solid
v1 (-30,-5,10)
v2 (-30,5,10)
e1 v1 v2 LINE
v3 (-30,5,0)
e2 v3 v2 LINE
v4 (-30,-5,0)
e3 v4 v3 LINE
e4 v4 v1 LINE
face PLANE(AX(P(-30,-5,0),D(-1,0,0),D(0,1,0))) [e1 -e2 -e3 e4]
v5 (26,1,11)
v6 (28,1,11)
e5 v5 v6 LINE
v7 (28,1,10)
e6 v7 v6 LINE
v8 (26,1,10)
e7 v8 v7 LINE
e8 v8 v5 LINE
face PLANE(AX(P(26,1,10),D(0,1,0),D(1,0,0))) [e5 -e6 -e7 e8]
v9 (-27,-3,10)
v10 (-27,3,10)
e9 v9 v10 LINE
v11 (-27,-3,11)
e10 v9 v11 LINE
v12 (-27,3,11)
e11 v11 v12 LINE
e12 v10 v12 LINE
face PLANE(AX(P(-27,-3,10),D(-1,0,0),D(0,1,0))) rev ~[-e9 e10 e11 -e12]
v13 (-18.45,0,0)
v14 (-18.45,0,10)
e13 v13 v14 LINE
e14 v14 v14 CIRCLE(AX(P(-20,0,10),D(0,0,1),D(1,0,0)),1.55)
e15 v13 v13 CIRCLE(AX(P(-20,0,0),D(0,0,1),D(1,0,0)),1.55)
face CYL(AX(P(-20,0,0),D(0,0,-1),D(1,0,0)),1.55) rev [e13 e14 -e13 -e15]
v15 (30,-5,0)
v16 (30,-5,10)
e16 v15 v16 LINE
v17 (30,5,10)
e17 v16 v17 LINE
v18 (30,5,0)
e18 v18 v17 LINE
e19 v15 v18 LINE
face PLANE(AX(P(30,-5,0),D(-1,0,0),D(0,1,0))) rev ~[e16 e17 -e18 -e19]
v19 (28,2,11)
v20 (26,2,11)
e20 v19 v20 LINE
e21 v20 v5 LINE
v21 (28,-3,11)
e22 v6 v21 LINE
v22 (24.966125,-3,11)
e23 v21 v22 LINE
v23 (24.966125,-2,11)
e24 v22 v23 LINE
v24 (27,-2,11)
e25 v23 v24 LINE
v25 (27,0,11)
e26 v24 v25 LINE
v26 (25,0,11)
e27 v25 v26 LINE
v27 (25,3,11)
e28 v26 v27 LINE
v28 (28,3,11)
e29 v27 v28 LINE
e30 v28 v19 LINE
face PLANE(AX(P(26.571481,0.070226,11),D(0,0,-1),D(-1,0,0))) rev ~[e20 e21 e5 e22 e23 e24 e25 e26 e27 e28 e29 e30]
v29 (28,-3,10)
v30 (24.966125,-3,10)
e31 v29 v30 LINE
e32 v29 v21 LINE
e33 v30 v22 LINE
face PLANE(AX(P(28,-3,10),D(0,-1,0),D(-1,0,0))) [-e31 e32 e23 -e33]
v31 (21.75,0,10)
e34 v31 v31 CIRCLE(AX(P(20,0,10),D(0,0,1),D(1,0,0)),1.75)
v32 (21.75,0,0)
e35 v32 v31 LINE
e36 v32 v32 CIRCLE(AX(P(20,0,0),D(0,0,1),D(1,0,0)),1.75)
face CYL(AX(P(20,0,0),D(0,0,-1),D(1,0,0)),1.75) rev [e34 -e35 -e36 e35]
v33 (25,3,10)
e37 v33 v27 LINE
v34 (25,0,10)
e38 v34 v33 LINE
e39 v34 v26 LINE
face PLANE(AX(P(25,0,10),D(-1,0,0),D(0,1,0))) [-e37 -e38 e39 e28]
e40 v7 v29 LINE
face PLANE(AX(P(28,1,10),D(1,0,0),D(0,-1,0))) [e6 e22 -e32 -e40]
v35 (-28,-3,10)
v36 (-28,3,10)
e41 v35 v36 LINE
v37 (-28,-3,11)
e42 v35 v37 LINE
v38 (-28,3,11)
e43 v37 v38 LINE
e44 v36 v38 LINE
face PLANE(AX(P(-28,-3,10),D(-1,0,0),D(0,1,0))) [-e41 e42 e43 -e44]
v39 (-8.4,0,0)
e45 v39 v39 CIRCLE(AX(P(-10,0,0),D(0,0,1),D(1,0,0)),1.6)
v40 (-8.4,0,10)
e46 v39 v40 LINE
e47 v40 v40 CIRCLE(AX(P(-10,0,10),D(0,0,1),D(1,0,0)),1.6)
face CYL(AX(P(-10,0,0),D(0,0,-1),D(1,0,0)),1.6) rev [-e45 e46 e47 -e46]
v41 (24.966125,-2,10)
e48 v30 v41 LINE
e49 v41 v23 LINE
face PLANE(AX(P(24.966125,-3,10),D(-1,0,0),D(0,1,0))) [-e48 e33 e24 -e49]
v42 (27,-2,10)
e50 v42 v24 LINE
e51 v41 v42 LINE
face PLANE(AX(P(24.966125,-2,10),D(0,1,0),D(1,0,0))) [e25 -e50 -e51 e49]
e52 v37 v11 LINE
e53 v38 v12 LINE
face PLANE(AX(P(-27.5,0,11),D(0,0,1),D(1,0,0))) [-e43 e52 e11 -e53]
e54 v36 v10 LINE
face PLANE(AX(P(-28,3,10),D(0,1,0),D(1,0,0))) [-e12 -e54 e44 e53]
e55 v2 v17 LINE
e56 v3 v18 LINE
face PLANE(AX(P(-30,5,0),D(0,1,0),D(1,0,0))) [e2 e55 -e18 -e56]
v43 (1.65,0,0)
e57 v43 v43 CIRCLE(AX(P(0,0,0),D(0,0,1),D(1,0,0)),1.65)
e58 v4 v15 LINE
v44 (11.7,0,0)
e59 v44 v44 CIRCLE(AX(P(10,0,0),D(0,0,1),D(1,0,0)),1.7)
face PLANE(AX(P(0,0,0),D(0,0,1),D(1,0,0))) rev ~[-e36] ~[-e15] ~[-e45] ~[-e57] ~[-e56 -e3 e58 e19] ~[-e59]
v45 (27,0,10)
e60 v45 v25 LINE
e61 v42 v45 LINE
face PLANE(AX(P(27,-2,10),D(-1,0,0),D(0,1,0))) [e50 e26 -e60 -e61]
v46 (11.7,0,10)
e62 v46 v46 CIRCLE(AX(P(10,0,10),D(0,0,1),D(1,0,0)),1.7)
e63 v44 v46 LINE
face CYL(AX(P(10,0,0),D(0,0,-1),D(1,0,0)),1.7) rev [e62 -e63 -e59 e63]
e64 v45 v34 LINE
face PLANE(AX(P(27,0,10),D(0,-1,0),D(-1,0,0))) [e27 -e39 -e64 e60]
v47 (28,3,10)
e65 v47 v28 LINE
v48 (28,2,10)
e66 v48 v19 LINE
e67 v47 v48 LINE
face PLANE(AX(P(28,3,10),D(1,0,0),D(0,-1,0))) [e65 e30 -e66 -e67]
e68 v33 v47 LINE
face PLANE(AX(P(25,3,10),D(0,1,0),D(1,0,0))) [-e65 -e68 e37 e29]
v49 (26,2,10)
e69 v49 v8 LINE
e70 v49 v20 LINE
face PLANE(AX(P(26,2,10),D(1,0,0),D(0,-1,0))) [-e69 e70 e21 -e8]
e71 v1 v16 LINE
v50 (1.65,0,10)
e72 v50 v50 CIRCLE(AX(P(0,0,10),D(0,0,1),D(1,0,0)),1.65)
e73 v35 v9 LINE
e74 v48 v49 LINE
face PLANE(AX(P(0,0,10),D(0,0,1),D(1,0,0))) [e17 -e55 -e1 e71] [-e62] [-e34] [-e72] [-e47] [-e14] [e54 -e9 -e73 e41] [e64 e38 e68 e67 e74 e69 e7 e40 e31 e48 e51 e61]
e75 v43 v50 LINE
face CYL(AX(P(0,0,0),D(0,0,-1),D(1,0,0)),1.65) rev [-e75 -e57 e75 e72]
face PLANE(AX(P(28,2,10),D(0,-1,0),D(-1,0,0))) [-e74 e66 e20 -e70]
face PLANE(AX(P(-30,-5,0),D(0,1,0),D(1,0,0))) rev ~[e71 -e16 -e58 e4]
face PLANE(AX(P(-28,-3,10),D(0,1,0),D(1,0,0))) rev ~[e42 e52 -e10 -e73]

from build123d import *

# Parameters (mm, degrees)
SKETCH_W     = 60
SKETCH_H     = 10
SKETCH_R     = 1.55
SKETCH_R_2   = 1.6
SKETCH_R_3   = 1.65
SKETCH_R_4   = 1.7
SKETCH_R_5   = 1.75
PAD_DEPTH    = 10
SKETCH001_W  = 1
SKETCH001_H  = 6
PAD001_DEPTH = 1


with BuildPart() as part:
    # Sketch → Pad (new body)
    with BuildSketch(Plane.XY):
        Rectangle(SKETCH_W, SKETCH_H)
        with Locations((-20, 0)):
            Circle(SKETCH_R, mode=Mode.SUBTRACT)
        with Locations((-10, 0)):
            Circle(SKETCH_R_2, mode=Mode.SUBTRACT)
        Circle(SKETCH_R_3, mode=Mode.SUBTRACT)
        with Locations((10, 0)):
            Circle(SKETCH_R_4, mode=Mode.SUBTRACT)
        with Locations((20, 0)):
            Circle(SKETCH_R_5, mode=Mode.SUBTRACT)
    extrude(amount=PAD_DEPTH)

    # Sketch001 → Pad001 (join)
    with BuildSketch(Plane.XY.offset(10)):
        with Locations((-27.5, 0)):
            Rectangle(SKETCH001_W, SKETCH001_H)
        Polygon((25, 3), (28, 3), (28, 2), (26, 2), (26, 1), (28, 1), (28, -3), (24.966125, -3), (24.966125, -2), (27, -2), (27, 0), (25, 0), align=None)
    extrude(amount=PAD001_DEPTH)


solid = part.part
